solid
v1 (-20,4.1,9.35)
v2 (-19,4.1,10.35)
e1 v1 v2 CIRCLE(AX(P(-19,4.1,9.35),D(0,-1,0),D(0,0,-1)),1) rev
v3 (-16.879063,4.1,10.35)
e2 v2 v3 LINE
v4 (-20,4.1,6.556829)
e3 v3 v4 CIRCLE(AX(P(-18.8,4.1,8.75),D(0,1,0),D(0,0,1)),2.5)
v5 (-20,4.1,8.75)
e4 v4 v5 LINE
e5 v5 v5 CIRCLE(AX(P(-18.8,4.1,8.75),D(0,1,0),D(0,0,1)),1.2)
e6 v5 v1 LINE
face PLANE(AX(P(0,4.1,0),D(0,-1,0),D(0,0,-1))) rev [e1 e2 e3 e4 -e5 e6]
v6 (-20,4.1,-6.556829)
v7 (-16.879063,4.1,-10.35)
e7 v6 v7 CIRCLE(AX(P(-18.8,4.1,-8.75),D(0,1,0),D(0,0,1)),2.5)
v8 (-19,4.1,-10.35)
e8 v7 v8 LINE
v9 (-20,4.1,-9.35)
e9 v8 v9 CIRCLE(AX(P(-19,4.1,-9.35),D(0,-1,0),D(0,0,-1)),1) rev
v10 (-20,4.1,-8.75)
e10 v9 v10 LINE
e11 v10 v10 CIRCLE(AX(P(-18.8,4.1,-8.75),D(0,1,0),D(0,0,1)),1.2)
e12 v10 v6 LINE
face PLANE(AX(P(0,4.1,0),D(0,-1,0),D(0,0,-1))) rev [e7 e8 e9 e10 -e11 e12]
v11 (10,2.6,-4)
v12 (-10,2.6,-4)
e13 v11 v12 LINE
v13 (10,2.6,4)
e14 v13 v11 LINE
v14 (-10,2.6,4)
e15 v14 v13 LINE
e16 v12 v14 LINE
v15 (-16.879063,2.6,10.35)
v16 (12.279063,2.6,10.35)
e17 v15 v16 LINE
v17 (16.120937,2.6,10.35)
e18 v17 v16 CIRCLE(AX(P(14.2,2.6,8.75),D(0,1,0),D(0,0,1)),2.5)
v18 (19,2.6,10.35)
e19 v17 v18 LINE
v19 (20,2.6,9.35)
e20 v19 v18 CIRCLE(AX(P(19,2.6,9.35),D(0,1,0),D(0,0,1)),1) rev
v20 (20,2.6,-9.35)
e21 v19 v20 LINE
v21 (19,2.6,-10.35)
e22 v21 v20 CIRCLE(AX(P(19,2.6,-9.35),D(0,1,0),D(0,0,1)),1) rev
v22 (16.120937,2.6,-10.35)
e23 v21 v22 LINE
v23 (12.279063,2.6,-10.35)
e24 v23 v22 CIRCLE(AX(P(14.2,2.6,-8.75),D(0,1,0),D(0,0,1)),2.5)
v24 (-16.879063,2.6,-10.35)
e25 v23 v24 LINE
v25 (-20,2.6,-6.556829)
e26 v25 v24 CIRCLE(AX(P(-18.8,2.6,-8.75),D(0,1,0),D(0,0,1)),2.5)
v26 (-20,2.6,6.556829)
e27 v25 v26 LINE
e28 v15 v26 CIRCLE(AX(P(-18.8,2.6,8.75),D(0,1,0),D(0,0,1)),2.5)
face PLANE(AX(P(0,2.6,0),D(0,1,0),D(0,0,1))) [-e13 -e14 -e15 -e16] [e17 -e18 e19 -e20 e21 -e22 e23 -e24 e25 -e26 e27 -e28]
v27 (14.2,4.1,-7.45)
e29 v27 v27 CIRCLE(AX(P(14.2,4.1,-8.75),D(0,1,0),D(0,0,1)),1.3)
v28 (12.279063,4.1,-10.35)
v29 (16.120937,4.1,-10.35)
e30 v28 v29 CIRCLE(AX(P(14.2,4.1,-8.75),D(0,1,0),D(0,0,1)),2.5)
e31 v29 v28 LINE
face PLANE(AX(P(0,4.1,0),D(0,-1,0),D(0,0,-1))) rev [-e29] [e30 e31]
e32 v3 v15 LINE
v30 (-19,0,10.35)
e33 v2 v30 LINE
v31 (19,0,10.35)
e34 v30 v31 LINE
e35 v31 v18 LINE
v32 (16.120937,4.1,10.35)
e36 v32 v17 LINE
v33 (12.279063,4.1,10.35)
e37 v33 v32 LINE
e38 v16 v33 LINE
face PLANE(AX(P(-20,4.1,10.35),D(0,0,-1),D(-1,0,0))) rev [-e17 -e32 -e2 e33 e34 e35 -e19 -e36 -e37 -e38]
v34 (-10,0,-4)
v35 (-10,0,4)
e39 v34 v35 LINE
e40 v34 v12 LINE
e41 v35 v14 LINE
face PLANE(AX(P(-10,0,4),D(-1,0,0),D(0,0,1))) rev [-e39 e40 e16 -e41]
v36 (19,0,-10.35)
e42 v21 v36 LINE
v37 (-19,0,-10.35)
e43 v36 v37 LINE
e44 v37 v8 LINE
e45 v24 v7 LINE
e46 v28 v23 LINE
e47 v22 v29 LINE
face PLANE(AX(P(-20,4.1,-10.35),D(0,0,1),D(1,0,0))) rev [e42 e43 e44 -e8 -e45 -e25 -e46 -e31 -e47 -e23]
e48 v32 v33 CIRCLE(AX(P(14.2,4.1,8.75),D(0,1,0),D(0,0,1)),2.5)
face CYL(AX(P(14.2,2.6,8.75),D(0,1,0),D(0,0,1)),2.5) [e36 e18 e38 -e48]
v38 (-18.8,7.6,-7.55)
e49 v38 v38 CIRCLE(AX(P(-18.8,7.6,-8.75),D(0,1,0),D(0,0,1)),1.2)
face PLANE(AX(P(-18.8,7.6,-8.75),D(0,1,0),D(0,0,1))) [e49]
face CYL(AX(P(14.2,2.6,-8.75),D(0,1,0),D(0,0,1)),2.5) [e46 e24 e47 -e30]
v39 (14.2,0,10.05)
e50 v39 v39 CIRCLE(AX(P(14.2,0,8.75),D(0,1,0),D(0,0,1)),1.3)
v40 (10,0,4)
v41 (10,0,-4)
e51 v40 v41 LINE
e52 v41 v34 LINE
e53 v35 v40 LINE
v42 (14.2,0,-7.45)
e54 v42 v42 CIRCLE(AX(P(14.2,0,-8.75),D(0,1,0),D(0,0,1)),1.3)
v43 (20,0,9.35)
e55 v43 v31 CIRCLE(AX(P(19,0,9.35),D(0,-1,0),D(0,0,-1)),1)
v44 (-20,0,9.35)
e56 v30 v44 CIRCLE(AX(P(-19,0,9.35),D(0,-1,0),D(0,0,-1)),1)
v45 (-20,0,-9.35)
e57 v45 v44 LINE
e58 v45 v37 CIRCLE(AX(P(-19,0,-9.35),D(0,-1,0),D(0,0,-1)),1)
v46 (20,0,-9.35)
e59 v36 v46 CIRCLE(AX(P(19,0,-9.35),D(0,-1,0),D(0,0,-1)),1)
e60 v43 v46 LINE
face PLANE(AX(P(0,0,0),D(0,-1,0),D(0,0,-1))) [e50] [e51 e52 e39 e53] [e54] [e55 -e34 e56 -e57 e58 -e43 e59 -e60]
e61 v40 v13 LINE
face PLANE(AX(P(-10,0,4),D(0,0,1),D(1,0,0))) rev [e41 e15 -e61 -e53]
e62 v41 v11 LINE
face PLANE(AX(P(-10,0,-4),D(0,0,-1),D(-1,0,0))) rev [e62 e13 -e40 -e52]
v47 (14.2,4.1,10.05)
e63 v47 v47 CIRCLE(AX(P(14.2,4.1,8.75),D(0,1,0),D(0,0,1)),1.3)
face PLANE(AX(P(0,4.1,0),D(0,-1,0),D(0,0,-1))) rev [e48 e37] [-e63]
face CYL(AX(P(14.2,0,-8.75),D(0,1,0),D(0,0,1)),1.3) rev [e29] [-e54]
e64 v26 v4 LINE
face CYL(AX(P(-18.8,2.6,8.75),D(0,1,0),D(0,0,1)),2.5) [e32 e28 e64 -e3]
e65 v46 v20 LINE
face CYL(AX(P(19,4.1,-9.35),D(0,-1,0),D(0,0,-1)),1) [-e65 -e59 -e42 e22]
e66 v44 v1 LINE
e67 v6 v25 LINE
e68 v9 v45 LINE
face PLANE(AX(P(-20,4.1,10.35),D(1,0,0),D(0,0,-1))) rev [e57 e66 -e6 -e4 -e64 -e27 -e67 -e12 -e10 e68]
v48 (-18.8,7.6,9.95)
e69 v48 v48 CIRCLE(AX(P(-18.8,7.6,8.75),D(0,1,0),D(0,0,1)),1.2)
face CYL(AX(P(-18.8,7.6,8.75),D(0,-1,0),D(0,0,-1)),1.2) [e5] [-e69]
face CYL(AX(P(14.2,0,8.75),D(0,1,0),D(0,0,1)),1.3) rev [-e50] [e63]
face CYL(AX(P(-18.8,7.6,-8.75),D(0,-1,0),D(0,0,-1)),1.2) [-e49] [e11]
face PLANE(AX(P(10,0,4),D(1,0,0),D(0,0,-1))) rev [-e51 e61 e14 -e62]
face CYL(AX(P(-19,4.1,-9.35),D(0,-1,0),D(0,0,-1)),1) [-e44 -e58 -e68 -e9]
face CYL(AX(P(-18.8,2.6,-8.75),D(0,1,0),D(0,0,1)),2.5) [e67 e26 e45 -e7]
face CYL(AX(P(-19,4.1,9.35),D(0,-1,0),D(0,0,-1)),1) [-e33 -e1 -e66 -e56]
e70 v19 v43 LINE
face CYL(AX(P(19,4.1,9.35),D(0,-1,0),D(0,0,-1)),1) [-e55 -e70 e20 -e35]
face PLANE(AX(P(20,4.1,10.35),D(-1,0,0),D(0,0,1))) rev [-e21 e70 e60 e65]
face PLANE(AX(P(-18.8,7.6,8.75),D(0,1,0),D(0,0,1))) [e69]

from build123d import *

# Parameters (mm, degrees)
SKETCH1_W           = 40
SKETCH1_H           = 20.7
BOSS_EXTRUDE1_DEPTH = 4.1
SKETCH2_R           = 1.2
BOSS_EXTRUDE2_DEPTH = 3.5
SKETCH3_R           = 1.3
CUT_EXTRUDE1_DEPTH  = 23.889571861
FILLET1_R           = 1
SKETCH4_W           = 48.8996316
SKETCH4_H           = 28.322761229
SKETCH4_R           = 2.5
CUT_EXTRUDE2_DEPTH  = 1.5
SKETCH5_W           = 20
SKETCH5_H           = 8
CUT_EXTRUDE3_DEPTH  = 24.067780561


with BuildPart() as part:
    # Sketch1 → Boss-Extrude1 (new body)
    with BuildSketch(Plane(origin=(0, 0, 0), x_dir=(1, 0, 0), z_dir=(0, 1, 0))):
        Rectangle(SKETCH1_W, SKETCH1_H)
    extrude(amount=BOSS_EXTRUDE1_DEPTH)

    # Sketch2 → Boss-Extrude2 (add)
    with BuildSketch(Plane(origin=(0, 4.1, 0), x_dir=(1, 0, 0), z_dir=(0, 1, 0))):
        with Locations(Location((-18.8, 8.75, 0), (0, 0, 180))):
            Circle(SKETCH2_R)
        with Locations(Location((-18.8, -8.75, 0), (0, 0, 180))):
            Circle(SKETCH2_R)
    extrude(amount=BOSS_EXTRUDE2_DEPTH)

    # Sketch3 → Cut-Extrude1 (cut, through all)
    with BuildSketch(Plane(origin=(0, 4.1, 0), x_dir=(1, 0, 0), z_dir=(0, 1, 0))):
        with Locations(Location((14.2, 8.75, 0), (0, 0, 270))):
            Circle(SKETCH3_R)
        with Locations(Location((14.2, -8.75, 0), (0, 0, 270))):
            Circle(SKETCH3_R)
    extrude(amount=-CUT_EXTRUDE1_DEPTH, mode=Mode.SUBTRACT)

    # Fillet1
    fillet1_edges = [part.edges().sort_by_distance(p)[0] for p in [
        (20, 2.05, 10.35),
        (-20, 2.05, 10.35),
        (-20, 2.05, -10.35),
        (20, 2.05, -10.35),
    ]]
    fillet(fillet1_edges, radius=FILLET1_R)

    # Sketch4 → Cut-Extrude2 (cut)
    with BuildSketch(Plane(origin=(0, 4.1, 0), x_dir=(1, 0, 0), z_dir=(0, 1, 0))):
        with Locations((0.354773627, -0.266080221)):
            Rectangle(SKETCH4_W, SKETCH4_H)
        with Locations((-18.8, 8.75)):
            Circle(SKETCH4_R, mode=Mode.SUBTRACT)
        with Locations((-18.8, -8.75)):
            Circle(SKETCH4_R, mode=Mode.SUBTRACT)
        with Locations((14.2, -8.75)):
            Circle(SKETCH4_R, mode=Mode.SUBTRACT)
        with Locations((14.2, 8.75)):
            Circle(SKETCH4_R, mode=Mode.SUBTRACT)
    extrude(amount=-CUT_EXTRUDE2_DEPTH, mode=Mode.SUBTRACT)

    # Sketch5 → Cut-Extrude3 (cut, through all)
    with BuildSketch(Plane(origin=(0, 2.6, 0), x_dir=(1, 0, 0), z_dir=(0, 1, 0))):
        Rectangle(SKETCH5_W, SKETCH5_H)
    extrude(amount=-CUT_EXTRUDE3_DEPTH, mode=Mode.SUBTRACT)


solid = part.part
